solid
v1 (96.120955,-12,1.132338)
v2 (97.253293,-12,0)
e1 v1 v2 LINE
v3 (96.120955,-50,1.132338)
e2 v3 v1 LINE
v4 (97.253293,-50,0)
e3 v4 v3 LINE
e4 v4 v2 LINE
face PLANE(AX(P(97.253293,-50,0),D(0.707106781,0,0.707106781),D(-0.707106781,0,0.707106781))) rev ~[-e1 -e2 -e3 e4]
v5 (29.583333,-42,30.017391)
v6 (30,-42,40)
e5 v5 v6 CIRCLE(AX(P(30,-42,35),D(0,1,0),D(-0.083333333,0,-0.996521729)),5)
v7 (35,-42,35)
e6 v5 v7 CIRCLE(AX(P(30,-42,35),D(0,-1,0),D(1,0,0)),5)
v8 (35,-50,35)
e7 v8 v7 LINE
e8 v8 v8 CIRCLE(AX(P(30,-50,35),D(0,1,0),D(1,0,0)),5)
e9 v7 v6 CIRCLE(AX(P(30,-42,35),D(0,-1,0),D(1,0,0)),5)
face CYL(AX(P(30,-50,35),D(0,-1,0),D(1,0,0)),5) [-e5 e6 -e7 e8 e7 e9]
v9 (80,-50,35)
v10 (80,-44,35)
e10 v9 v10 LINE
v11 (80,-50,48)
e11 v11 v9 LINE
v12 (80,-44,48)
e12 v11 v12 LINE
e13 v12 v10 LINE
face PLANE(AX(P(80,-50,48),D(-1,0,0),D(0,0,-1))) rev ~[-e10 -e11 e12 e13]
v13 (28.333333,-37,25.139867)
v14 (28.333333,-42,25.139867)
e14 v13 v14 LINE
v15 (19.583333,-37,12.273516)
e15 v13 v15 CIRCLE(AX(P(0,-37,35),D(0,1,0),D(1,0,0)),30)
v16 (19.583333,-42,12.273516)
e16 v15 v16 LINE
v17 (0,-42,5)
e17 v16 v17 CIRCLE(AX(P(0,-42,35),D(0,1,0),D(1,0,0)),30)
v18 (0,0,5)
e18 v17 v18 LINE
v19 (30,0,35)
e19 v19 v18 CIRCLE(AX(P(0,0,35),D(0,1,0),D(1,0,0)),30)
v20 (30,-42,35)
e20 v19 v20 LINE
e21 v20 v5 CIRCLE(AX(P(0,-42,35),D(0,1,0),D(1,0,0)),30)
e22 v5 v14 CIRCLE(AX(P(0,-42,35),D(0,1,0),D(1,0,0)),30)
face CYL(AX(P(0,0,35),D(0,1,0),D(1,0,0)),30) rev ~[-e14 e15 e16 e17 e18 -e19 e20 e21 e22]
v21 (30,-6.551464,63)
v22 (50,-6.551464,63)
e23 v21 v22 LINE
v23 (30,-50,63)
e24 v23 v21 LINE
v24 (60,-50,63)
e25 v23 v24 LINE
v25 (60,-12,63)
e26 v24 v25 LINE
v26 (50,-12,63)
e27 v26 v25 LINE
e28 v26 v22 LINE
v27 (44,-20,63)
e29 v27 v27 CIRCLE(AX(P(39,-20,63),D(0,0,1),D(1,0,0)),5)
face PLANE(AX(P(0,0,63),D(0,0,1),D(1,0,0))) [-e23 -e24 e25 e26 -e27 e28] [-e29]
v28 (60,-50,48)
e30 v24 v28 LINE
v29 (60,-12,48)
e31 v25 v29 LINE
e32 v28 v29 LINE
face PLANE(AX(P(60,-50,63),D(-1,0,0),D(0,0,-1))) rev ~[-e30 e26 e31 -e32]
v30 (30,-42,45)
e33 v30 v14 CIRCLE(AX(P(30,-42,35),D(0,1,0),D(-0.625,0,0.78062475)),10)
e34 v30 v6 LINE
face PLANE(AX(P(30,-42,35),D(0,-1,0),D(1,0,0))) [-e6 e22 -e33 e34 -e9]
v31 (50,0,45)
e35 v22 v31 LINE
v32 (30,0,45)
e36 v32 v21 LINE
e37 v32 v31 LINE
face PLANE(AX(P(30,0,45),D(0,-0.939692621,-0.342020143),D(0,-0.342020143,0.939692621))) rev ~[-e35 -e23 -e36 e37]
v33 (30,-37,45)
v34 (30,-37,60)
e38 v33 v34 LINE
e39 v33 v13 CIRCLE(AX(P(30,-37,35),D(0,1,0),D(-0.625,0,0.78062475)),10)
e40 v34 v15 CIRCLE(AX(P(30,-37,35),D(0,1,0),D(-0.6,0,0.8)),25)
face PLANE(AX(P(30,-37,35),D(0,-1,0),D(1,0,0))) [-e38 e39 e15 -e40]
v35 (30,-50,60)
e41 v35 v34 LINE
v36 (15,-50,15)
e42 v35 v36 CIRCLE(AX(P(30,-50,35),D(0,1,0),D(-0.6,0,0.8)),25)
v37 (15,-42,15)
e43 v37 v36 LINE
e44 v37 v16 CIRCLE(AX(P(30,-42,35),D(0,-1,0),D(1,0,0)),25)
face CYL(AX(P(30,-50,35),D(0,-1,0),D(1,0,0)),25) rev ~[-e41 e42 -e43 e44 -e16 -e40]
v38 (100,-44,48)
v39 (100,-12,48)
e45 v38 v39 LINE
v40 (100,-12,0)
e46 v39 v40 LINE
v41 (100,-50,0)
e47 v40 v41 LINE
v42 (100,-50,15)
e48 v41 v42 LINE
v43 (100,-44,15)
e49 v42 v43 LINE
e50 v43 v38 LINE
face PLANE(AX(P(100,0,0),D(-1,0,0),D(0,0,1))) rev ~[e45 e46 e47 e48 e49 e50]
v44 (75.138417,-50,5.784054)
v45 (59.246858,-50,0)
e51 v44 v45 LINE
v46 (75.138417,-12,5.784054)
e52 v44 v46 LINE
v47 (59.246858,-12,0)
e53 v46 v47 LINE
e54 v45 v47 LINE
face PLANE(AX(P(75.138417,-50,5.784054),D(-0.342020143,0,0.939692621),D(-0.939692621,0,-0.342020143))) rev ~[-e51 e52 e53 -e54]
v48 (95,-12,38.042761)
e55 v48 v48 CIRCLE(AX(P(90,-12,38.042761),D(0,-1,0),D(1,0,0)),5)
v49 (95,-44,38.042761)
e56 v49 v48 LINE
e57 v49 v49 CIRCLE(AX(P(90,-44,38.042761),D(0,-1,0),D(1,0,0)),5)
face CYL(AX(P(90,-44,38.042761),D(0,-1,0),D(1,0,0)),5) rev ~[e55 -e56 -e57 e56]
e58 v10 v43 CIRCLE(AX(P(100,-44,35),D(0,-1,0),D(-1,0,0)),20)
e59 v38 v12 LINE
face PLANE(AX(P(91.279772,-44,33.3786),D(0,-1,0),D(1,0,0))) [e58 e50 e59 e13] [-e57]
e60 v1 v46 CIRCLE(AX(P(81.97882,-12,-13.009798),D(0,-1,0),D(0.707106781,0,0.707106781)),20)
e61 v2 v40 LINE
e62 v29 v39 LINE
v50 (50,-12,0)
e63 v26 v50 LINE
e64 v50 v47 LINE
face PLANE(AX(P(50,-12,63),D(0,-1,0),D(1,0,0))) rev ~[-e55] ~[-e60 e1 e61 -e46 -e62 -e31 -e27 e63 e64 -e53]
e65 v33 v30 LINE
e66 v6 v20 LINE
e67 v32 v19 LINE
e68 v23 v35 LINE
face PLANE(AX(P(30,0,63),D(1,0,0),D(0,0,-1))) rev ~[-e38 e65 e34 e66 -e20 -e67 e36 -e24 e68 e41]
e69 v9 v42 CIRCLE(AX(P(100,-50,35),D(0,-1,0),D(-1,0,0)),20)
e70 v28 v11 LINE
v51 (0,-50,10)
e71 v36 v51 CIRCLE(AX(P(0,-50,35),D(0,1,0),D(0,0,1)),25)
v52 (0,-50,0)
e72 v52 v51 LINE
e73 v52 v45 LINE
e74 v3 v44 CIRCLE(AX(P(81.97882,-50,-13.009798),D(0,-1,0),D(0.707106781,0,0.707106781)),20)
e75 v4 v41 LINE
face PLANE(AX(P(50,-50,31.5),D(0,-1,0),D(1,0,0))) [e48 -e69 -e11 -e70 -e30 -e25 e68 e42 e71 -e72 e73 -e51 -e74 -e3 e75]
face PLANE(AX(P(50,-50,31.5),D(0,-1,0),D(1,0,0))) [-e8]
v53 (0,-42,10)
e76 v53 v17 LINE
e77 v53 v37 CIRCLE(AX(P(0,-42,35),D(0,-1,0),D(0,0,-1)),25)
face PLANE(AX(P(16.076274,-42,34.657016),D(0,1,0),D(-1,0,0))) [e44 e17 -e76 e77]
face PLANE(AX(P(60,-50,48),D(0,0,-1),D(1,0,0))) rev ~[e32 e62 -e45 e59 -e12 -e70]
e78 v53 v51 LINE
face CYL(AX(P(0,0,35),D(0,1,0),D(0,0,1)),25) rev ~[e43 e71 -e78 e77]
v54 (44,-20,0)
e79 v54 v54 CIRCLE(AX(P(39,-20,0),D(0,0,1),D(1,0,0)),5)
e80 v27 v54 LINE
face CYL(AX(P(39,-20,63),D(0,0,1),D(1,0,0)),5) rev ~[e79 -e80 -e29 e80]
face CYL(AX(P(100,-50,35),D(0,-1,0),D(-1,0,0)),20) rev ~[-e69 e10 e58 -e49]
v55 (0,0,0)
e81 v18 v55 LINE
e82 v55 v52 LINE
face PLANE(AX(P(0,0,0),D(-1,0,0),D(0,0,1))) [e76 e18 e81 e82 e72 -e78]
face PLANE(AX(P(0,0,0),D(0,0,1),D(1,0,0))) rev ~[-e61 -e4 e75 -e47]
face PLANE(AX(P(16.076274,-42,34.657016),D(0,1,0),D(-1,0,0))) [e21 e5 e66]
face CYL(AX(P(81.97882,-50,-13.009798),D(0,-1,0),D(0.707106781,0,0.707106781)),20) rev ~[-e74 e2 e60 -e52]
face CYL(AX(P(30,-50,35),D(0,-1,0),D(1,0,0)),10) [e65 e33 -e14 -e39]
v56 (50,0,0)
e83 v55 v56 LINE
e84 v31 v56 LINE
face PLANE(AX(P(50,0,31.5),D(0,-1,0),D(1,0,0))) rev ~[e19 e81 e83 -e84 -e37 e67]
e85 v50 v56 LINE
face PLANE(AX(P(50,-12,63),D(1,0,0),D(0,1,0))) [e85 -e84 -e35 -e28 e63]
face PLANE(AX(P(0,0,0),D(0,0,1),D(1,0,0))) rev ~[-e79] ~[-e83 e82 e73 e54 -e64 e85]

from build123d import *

# Parameters (mm, degrees)
F0_W      = 100
F0_H      = 63
F1_DEPTH  = 50
F3_DEPTH  = 6
F4_DEPTH  = 50
F5_DEPTH  = 50
F2_R      = 10
F2_R_2    = 5
F6_DEPTH  = 8
F2_R_3    = 25
F7_DEPTH  = 13
F8_W      = 10
F8_H      = 12
F9_DEPTH  = 63
F10_W     = 40
F10_H     = 12
F11_DEPTH = 63
F12_R     = 5
F13_DEPTH = 50
F15_DEPTH = 50
F16_DEPTH = 42
F17_DEPTH = 42
F18_W     = 30
F18_H     = 8
F19_DEPTH = 11.4
F21_DEPTH = 100
F22_R     = 5
F23_DEPTH = 63


with BuildPart() as f1:
    # F0 (on Front) → F1 (new body)
    with BuildSketch(Plane.XZ):
        with Locations((50, 31.5)):
            Rectangle(F0_W, F0_H)
    extrude(amount=F1_DEPTH)

    # F2 (on face) → F3 (cut)
    with BuildSketch(Plane.XZ.offset(50)):
        with BuildLine():
            ThreePointArc((80, 35), (85.8578643763, 20.8578643763), (100, 15))
            Line((100, 15), (100, 48))
            Line((100, 48), (80, 48))
            Line((80, 48), (80, 35))
        make_face()
    extrude(amount=-F3_DEPTH, mode=Mode.SUBTRACT)

    # F2 (on face) → F4 (cut)
    with BuildSketch(Plane.XZ.offset(50)):
        Polygon((100, 63), (60, 63), (60, 48), (80, 48), (100, 48), align=None)
    extrude(amount=-F4_DEPTH, mode=Mode.SUBTRACT)

    # F2 (on face) → F5 (cut)
    with BuildSketch(Plane.XZ.offset(50)):
        with BuildLine():
            Line((75.1384166813, 5.7840544194), (59.246857771, 0))
            Line((59.246857771, 0), (97.253292799, 0))
            Line((97.253292799, 0), (96.1209551715, 1.1323376275))
            ThreePointArc((96.1209551715, 1.1323376275), (86.3076118266, 6.5161221461), (75.1384166813, 5.7840544194))
        make_face()
    extrude(amount=-F5_DEPTH, mode=Mode.SUBTRACT)

    # F2 (on face) → F6 (cut)
    with BuildSketch(Plane.XZ.offset(50)):
        with Locations((30, 35)):
            Circle(F2_R)
        with Locations((30, 35)):
            Circle(F2_R_2, mode=Mode.SUBTRACT)
    extrude(amount=-F6_DEPTH, mode=Mode.SUBTRACT)

    # F2 (on face) → F7 (cut)
    with BuildSketch(Plane.XZ.offset(50)):
        with Locations((30, 35)):
            Circle(F2_R_3)
        with Locations((30, 35)):
            Circle(F2_R, mode=Mode.SUBTRACT)
    extrude(amount=-F7_DEPTH, mode=Mode.SUBTRACT)

    # F8 (on face) → F9 (cut)
    with BuildSketch(Plane.XY.offset(63)):
        with Locations((55, -6)):
            Rectangle(F8_W, F8_H)
    extrude(amount=-F9_DEPTH, mode=Mode.SUBTRACT)

    # F10 (on face) → F11 (cut)
    with BuildSketch(Plane.XY.offset(48)):
        with Locations((80, -6)):
            Rectangle(F10_W, F10_H)
    extrude(amount=-F11_DEPTH, mode=Mode.SUBTRACT)

    # F12 (on face) → F13 (cut)
    with BuildSketch(Plane.XZ.offset(44)):
        with Locations((90, 38.0427613854)):
            Circle(F12_R)
    extrude(amount=-F13_DEPTH, mode=Mode.SUBTRACT)

    # F14 (on face) → F15 (cut)
    with BuildSketch(Plane(origin=(0, 0, 0), x_dir=(-1, 0, 0), z_dir=(0, 1, 0))):
        with BuildLine():
            Line((0, 10), (0, 60))
            ThreePointArc((0, 60), (-25, 35), (0, 10))
        make_face()
        with BuildLine():
            ThreePointArc((0, 10), (17.6776695297, 17.3223304703), (25, 35))
            ThreePointArc((25, 35), (17.6776695297, 52.6776695297), (0, 60))
            Line((0, 60), (0, 10))
        make_face()
    extrude(amount=-F15_DEPTH, mode=Mode.SUBTRACT)

    # F14 (on face) → F16 (cut)
    with BuildSketch(Plane(origin=(0, 0, 0), x_dir=(-1, 0, 0), z_dir=(0, 1, 0))):
        with BuildLine():
            ThreePointArc((0, 10), (-25, 35), (0, 60))
            Line((0, 60), (0, 63))
            Line((0, 63), (-10.7703296143, 63))
            ThreePointArc((-10.7703296143, 63), (-24.7296369608, 51.9836702684), (-30, 35))
            ThreePointArc((-30, 35), (-21.2132034356, 13.7867965644), (0, 5))
            Line((0, 5), (0, 10))
        make_face()
        with BuildLine():
            ThreePointArc((0, 60), (17.6776695297, 52.6776695297), (25, 35))
            ThreePointArc((25, 35), (17.6776695297, 17.3223304703), (0, 10))
            Line((0, 10), (0, 5))
            ThreePointArc((0, 5), (21.2132034356, 13.7867965644), (30, 35))
            ThreePointArc((30, 35), (16.9836702684, 59.7296369608), (-10.7703296143, 63))
            Line((-10.7703296143, 63), (0, 63))
            Line((0, 63), (0, 60))
        make_face()
    extrude(amount=F16_DEPTH, mode=Mode.SUBTRACT)

    # F14 (on face) → F17 (cut)
    with BuildSketch(Plane(origin=(0, 0, 0), x_dir=(-1, 0, 0), z_dir=(0, 1, 0))):
        with BuildLine():
            ThreePointArc((0, 10), (-25, 35), (0, 60))
            Line((0, 60), (0, 63))
            Line((0, 63), (-10.7703296143, 63))
            ThreePointArc((-10.7703296143, 63), (-24.7296369608, 51.9836702684), (-30, 35))
            ThreePointArc((-30, 35), (-21.2132034356, 13.7867965644), (0, 5))
            Line((0, 5), (0, 10))
        make_face()
        with BuildLine():
            ThreePointArc((0, 60), (17.6776695297, 52.6776695297), (25, 35))
            ThreePointArc((25, 35), (17.6776695297, 17.3223304703), (0, 10))
            Line((0, 10), (0, 5))
            ThreePointArc((0, 5), (21.2132034356, 13.7867965644), (30, 35))
            ThreePointArc((30, 35), (16.9836702684, 59.7296369608), (-10.7703296143, 63))
            Line((-10.7703296143, 63), (0, 63))
            Line((0, 63), (0, 60))
        make_face()
        with BuildLine():
            ThreePointArc((-30, 35), (-24.7296369608, 51.9836702684), (-10.7703296143, 63))
            Line((-10.7703296143, 63), (-30, 63))
            Line((-30, 63), (-30, 35))
        make_face()
    extrude(amount=-F17_DEPTH, mode=Mode.SUBTRACT)

    # F18 (on face) → F19 (cut)
    with BuildSketch(Plane.XY.offset(63)):
        with Locations((15, -46)):
            Rectangle(F18_W, F18_H)
    extrude(amount=-F19_DEPTH, mode=Mode.SUBTRACT)

    # F20 (on face) → F21 (cut)
    with BuildSketch(Plane(origin=(30, 0, 0), x_dir=(0, -1, 0), z_dir=(-1, 0, 0))):
        Polygon((6.5514642168, 63), (0, 63), (0, 45), align=None)
    extrude(amount=-F21_DEPTH, mode=Mode.SUBTRACT)

    # F22 (on face) → F23 (cut)
    with BuildSketch(Plane.XY.offset(63)):
        with Locations((39, -20)):
            Circle(F22_R)
    extrude(amount=-F23_DEPTH, mode=Mode.SUBTRACT)


solid = f1.part
